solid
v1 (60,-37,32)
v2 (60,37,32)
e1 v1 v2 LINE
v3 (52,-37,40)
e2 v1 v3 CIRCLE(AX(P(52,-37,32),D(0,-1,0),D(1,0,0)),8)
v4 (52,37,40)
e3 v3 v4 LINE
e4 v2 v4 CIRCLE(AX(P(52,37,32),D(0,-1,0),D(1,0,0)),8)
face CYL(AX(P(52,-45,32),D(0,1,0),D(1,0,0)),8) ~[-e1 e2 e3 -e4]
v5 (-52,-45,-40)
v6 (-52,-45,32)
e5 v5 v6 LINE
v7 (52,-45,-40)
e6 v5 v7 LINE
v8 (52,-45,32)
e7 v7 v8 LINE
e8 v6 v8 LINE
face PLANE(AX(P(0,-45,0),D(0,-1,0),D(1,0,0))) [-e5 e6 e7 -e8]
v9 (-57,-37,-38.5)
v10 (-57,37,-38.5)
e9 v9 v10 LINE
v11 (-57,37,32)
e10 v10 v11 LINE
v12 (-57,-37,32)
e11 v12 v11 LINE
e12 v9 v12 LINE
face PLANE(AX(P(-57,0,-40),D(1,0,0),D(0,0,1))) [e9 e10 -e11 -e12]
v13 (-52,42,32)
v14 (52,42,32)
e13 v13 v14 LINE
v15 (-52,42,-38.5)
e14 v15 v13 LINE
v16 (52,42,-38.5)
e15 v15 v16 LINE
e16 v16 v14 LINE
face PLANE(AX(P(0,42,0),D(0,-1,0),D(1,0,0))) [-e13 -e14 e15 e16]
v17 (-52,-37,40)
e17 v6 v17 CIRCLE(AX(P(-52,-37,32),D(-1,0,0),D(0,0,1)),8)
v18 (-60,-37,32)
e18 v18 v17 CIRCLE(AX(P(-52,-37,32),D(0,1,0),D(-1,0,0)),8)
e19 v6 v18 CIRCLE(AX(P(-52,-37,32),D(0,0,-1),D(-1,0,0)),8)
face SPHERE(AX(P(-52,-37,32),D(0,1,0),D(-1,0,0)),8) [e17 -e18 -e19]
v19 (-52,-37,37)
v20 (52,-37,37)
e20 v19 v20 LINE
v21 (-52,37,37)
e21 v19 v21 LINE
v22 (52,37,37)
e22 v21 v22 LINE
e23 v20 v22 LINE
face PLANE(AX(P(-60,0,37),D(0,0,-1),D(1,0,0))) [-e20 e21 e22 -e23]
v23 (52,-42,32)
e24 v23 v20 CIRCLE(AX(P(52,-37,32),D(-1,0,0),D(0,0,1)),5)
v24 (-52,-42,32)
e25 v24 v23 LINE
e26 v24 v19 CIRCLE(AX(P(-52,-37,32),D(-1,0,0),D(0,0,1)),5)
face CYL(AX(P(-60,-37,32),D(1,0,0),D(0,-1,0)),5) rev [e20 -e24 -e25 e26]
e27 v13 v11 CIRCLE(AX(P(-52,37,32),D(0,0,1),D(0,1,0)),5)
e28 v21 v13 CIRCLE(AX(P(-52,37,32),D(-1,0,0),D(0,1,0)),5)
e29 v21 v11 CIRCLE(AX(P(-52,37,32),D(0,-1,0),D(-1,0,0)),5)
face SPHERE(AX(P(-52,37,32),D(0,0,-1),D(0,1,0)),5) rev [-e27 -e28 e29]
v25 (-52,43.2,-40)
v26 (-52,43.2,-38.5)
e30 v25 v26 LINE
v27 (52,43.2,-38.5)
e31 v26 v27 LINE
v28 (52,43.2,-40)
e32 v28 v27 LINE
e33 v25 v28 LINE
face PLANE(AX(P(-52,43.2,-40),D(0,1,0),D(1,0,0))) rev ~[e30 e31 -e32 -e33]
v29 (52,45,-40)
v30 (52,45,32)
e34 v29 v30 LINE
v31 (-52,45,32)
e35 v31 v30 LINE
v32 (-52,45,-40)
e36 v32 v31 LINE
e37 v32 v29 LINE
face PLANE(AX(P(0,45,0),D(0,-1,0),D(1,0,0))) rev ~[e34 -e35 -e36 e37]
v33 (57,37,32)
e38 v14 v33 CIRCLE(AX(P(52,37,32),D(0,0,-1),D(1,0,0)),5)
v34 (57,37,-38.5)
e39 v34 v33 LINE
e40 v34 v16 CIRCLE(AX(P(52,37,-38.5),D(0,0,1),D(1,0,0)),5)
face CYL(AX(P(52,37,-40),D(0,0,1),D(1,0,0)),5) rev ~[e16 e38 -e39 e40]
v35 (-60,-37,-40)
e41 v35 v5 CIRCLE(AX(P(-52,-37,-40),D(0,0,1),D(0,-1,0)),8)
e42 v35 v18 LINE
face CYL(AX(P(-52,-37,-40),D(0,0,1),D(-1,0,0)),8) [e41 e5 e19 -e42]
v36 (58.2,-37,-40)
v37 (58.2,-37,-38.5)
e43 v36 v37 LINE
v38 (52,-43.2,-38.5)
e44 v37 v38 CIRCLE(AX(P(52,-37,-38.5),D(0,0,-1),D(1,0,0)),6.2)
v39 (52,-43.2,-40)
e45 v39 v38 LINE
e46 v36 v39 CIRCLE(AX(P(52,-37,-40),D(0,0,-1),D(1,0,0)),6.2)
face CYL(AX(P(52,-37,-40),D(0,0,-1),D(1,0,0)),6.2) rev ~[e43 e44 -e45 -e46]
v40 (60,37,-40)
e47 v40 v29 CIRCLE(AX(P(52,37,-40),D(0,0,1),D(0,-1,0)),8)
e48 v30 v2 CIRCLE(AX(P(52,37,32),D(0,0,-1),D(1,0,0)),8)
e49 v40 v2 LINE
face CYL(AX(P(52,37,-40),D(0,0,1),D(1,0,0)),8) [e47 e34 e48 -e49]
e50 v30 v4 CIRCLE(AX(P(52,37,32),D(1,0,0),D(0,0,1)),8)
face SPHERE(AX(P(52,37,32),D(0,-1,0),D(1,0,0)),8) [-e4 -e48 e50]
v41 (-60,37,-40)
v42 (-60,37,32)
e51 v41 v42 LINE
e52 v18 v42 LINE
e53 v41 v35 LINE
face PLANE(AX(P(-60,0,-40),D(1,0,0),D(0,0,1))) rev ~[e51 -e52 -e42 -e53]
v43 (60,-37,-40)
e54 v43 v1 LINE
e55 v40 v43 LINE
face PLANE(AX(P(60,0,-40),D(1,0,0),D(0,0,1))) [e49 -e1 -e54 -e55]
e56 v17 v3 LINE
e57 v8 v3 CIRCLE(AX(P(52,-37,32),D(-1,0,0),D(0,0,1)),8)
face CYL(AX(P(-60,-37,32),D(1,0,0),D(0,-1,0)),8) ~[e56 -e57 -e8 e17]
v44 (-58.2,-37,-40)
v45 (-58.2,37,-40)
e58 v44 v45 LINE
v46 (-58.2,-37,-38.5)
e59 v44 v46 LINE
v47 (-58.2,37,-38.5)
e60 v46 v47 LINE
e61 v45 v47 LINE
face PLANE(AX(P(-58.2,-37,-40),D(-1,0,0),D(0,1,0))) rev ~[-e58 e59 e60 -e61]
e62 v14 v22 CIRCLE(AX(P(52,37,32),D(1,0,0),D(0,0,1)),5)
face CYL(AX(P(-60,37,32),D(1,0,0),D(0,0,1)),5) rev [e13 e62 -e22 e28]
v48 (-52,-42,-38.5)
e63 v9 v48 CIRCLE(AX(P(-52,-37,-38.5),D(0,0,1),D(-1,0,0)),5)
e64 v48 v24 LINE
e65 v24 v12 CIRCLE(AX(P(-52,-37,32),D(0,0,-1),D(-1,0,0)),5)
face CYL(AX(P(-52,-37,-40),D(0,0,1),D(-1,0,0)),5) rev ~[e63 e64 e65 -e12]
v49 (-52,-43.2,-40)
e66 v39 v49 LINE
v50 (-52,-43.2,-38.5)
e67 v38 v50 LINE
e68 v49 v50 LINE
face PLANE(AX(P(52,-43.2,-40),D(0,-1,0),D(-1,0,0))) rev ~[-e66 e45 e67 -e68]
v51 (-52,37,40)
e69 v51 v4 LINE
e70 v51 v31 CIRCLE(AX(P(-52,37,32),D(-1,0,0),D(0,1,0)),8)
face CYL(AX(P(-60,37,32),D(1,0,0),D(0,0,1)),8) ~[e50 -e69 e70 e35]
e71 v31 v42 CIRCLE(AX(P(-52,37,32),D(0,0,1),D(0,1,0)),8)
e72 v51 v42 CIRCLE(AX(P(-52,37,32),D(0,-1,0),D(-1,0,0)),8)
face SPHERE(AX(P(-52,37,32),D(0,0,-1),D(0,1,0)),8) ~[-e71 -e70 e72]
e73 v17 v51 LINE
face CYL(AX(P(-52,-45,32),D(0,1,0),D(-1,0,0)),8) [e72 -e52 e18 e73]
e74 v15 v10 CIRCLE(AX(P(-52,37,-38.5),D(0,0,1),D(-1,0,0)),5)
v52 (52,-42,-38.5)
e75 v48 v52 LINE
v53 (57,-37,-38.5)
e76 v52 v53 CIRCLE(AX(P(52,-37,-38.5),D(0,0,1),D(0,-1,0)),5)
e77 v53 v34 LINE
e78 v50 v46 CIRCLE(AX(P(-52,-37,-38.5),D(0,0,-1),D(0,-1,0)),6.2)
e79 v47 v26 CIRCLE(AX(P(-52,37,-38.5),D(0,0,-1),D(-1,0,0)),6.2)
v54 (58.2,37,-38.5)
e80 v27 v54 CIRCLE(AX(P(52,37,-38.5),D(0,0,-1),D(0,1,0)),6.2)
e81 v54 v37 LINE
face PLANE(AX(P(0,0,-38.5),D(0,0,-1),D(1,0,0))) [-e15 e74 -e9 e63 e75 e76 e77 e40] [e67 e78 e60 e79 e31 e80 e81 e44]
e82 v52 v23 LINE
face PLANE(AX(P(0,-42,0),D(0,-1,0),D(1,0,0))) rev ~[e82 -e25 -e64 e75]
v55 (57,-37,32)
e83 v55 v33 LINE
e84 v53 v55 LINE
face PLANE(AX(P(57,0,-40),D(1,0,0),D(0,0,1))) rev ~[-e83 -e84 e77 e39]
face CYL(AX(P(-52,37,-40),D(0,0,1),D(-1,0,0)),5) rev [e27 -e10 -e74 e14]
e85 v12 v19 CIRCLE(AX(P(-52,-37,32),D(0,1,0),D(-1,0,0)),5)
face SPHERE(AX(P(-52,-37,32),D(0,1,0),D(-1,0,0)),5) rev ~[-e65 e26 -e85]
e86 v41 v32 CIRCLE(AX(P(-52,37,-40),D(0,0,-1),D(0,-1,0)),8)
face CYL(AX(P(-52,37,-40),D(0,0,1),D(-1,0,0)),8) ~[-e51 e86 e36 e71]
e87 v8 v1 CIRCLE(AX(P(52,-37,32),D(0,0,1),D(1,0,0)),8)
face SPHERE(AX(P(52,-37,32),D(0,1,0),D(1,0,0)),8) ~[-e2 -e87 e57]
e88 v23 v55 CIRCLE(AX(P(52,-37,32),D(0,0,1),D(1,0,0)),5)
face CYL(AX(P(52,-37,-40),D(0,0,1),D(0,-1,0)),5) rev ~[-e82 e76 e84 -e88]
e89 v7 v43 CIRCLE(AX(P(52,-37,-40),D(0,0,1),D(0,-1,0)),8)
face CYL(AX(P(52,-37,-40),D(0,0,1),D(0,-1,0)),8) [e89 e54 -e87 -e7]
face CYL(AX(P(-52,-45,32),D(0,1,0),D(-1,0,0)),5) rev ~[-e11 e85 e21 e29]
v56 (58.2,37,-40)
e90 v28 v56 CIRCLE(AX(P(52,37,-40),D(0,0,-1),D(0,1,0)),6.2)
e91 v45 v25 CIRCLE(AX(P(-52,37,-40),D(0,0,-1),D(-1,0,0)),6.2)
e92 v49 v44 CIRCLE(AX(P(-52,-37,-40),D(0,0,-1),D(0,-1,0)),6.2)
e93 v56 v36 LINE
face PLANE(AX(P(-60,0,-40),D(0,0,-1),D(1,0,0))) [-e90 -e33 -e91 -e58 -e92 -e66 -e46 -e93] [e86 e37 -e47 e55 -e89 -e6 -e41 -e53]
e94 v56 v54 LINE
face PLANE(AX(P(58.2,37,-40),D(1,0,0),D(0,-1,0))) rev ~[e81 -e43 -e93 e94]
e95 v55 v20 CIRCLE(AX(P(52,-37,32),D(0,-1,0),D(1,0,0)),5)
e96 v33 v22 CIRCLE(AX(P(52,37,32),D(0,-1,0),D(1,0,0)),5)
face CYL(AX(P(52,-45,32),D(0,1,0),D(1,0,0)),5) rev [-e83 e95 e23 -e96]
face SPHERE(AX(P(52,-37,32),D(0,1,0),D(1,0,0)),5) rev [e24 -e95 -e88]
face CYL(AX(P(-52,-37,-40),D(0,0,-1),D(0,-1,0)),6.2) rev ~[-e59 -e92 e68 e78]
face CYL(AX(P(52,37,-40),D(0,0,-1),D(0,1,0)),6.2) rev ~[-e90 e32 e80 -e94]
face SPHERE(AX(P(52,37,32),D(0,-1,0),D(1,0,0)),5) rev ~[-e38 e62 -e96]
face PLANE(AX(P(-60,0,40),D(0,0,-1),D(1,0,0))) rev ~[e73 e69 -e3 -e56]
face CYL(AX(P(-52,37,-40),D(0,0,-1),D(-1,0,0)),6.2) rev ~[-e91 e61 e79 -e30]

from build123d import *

# Parameters (mm, degrees)
F0_W     = 120
F0_H     = 80
F1_DEPTH = 45
F2_R     = 8
F3_T     = -3
F5_DEPTH = 1.5


with BuildPart() as f1:
    # F0 (on Front) → F1 (new body, symmetric)
    with BuildSketch(Plane.XZ):
        Rectangle(F0_W, F0_H)
    extrude(amount=F1_DEPTH, both=True)

    # F2
    f2_edges = [f1.edges().sort_by_distance(p)[0] for p in [
        (60, 0, 40),
        (60, -45, 0),
        (60, 45, 0),
        (-60, 45, 0),
        (0, 45, 40),
        (-60, 0, 40),
        (-60, -45, 0),
        (0, -45, 40),
    ]]
    fillet(f2_edges, radius=F2_R)

    # F3
    f3_openings = [f1.faces().sort_by_distance(p)[0] for p in [
        (0, 0, -40),
    ]]
    offset(amount=F3_T, openings=f3_openings)

    # F4 (on face) → F5 (cut)
    with BuildSketch(Plane(origin=(0, 0, -40), x_dir=(1, 0, 0), z_dir=(0, 0, -1))):
        with BuildLine():
            Line((52, 43.2), (-52, 43.2))
            ThreePointArc((-52, 43.2), (-56.3840620434, 41.3840620434), (-58.2, 37))
            Line((-58.2, 37), (-58.2, -37))
            ThreePointArc((-58.2, -37), (-56.3840620434, -41.3840620434), (-52, -43.2))
            Line((-52, -43.2), (52, -43.2))
            ThreePointArc((52, -43.2), (56.3840620434, -41.3840620434), (58.2, -37))
            Line((58.2, -37), (58.2, 37))
            ThreePointArc((58.2, 37), (56.3840620434, 41.3840620434), (52, 43.2))
        make_face()
    extrude(amount=-F5_DEPTH, mode=Mode.SUBTRACT)


solid = f1.part
